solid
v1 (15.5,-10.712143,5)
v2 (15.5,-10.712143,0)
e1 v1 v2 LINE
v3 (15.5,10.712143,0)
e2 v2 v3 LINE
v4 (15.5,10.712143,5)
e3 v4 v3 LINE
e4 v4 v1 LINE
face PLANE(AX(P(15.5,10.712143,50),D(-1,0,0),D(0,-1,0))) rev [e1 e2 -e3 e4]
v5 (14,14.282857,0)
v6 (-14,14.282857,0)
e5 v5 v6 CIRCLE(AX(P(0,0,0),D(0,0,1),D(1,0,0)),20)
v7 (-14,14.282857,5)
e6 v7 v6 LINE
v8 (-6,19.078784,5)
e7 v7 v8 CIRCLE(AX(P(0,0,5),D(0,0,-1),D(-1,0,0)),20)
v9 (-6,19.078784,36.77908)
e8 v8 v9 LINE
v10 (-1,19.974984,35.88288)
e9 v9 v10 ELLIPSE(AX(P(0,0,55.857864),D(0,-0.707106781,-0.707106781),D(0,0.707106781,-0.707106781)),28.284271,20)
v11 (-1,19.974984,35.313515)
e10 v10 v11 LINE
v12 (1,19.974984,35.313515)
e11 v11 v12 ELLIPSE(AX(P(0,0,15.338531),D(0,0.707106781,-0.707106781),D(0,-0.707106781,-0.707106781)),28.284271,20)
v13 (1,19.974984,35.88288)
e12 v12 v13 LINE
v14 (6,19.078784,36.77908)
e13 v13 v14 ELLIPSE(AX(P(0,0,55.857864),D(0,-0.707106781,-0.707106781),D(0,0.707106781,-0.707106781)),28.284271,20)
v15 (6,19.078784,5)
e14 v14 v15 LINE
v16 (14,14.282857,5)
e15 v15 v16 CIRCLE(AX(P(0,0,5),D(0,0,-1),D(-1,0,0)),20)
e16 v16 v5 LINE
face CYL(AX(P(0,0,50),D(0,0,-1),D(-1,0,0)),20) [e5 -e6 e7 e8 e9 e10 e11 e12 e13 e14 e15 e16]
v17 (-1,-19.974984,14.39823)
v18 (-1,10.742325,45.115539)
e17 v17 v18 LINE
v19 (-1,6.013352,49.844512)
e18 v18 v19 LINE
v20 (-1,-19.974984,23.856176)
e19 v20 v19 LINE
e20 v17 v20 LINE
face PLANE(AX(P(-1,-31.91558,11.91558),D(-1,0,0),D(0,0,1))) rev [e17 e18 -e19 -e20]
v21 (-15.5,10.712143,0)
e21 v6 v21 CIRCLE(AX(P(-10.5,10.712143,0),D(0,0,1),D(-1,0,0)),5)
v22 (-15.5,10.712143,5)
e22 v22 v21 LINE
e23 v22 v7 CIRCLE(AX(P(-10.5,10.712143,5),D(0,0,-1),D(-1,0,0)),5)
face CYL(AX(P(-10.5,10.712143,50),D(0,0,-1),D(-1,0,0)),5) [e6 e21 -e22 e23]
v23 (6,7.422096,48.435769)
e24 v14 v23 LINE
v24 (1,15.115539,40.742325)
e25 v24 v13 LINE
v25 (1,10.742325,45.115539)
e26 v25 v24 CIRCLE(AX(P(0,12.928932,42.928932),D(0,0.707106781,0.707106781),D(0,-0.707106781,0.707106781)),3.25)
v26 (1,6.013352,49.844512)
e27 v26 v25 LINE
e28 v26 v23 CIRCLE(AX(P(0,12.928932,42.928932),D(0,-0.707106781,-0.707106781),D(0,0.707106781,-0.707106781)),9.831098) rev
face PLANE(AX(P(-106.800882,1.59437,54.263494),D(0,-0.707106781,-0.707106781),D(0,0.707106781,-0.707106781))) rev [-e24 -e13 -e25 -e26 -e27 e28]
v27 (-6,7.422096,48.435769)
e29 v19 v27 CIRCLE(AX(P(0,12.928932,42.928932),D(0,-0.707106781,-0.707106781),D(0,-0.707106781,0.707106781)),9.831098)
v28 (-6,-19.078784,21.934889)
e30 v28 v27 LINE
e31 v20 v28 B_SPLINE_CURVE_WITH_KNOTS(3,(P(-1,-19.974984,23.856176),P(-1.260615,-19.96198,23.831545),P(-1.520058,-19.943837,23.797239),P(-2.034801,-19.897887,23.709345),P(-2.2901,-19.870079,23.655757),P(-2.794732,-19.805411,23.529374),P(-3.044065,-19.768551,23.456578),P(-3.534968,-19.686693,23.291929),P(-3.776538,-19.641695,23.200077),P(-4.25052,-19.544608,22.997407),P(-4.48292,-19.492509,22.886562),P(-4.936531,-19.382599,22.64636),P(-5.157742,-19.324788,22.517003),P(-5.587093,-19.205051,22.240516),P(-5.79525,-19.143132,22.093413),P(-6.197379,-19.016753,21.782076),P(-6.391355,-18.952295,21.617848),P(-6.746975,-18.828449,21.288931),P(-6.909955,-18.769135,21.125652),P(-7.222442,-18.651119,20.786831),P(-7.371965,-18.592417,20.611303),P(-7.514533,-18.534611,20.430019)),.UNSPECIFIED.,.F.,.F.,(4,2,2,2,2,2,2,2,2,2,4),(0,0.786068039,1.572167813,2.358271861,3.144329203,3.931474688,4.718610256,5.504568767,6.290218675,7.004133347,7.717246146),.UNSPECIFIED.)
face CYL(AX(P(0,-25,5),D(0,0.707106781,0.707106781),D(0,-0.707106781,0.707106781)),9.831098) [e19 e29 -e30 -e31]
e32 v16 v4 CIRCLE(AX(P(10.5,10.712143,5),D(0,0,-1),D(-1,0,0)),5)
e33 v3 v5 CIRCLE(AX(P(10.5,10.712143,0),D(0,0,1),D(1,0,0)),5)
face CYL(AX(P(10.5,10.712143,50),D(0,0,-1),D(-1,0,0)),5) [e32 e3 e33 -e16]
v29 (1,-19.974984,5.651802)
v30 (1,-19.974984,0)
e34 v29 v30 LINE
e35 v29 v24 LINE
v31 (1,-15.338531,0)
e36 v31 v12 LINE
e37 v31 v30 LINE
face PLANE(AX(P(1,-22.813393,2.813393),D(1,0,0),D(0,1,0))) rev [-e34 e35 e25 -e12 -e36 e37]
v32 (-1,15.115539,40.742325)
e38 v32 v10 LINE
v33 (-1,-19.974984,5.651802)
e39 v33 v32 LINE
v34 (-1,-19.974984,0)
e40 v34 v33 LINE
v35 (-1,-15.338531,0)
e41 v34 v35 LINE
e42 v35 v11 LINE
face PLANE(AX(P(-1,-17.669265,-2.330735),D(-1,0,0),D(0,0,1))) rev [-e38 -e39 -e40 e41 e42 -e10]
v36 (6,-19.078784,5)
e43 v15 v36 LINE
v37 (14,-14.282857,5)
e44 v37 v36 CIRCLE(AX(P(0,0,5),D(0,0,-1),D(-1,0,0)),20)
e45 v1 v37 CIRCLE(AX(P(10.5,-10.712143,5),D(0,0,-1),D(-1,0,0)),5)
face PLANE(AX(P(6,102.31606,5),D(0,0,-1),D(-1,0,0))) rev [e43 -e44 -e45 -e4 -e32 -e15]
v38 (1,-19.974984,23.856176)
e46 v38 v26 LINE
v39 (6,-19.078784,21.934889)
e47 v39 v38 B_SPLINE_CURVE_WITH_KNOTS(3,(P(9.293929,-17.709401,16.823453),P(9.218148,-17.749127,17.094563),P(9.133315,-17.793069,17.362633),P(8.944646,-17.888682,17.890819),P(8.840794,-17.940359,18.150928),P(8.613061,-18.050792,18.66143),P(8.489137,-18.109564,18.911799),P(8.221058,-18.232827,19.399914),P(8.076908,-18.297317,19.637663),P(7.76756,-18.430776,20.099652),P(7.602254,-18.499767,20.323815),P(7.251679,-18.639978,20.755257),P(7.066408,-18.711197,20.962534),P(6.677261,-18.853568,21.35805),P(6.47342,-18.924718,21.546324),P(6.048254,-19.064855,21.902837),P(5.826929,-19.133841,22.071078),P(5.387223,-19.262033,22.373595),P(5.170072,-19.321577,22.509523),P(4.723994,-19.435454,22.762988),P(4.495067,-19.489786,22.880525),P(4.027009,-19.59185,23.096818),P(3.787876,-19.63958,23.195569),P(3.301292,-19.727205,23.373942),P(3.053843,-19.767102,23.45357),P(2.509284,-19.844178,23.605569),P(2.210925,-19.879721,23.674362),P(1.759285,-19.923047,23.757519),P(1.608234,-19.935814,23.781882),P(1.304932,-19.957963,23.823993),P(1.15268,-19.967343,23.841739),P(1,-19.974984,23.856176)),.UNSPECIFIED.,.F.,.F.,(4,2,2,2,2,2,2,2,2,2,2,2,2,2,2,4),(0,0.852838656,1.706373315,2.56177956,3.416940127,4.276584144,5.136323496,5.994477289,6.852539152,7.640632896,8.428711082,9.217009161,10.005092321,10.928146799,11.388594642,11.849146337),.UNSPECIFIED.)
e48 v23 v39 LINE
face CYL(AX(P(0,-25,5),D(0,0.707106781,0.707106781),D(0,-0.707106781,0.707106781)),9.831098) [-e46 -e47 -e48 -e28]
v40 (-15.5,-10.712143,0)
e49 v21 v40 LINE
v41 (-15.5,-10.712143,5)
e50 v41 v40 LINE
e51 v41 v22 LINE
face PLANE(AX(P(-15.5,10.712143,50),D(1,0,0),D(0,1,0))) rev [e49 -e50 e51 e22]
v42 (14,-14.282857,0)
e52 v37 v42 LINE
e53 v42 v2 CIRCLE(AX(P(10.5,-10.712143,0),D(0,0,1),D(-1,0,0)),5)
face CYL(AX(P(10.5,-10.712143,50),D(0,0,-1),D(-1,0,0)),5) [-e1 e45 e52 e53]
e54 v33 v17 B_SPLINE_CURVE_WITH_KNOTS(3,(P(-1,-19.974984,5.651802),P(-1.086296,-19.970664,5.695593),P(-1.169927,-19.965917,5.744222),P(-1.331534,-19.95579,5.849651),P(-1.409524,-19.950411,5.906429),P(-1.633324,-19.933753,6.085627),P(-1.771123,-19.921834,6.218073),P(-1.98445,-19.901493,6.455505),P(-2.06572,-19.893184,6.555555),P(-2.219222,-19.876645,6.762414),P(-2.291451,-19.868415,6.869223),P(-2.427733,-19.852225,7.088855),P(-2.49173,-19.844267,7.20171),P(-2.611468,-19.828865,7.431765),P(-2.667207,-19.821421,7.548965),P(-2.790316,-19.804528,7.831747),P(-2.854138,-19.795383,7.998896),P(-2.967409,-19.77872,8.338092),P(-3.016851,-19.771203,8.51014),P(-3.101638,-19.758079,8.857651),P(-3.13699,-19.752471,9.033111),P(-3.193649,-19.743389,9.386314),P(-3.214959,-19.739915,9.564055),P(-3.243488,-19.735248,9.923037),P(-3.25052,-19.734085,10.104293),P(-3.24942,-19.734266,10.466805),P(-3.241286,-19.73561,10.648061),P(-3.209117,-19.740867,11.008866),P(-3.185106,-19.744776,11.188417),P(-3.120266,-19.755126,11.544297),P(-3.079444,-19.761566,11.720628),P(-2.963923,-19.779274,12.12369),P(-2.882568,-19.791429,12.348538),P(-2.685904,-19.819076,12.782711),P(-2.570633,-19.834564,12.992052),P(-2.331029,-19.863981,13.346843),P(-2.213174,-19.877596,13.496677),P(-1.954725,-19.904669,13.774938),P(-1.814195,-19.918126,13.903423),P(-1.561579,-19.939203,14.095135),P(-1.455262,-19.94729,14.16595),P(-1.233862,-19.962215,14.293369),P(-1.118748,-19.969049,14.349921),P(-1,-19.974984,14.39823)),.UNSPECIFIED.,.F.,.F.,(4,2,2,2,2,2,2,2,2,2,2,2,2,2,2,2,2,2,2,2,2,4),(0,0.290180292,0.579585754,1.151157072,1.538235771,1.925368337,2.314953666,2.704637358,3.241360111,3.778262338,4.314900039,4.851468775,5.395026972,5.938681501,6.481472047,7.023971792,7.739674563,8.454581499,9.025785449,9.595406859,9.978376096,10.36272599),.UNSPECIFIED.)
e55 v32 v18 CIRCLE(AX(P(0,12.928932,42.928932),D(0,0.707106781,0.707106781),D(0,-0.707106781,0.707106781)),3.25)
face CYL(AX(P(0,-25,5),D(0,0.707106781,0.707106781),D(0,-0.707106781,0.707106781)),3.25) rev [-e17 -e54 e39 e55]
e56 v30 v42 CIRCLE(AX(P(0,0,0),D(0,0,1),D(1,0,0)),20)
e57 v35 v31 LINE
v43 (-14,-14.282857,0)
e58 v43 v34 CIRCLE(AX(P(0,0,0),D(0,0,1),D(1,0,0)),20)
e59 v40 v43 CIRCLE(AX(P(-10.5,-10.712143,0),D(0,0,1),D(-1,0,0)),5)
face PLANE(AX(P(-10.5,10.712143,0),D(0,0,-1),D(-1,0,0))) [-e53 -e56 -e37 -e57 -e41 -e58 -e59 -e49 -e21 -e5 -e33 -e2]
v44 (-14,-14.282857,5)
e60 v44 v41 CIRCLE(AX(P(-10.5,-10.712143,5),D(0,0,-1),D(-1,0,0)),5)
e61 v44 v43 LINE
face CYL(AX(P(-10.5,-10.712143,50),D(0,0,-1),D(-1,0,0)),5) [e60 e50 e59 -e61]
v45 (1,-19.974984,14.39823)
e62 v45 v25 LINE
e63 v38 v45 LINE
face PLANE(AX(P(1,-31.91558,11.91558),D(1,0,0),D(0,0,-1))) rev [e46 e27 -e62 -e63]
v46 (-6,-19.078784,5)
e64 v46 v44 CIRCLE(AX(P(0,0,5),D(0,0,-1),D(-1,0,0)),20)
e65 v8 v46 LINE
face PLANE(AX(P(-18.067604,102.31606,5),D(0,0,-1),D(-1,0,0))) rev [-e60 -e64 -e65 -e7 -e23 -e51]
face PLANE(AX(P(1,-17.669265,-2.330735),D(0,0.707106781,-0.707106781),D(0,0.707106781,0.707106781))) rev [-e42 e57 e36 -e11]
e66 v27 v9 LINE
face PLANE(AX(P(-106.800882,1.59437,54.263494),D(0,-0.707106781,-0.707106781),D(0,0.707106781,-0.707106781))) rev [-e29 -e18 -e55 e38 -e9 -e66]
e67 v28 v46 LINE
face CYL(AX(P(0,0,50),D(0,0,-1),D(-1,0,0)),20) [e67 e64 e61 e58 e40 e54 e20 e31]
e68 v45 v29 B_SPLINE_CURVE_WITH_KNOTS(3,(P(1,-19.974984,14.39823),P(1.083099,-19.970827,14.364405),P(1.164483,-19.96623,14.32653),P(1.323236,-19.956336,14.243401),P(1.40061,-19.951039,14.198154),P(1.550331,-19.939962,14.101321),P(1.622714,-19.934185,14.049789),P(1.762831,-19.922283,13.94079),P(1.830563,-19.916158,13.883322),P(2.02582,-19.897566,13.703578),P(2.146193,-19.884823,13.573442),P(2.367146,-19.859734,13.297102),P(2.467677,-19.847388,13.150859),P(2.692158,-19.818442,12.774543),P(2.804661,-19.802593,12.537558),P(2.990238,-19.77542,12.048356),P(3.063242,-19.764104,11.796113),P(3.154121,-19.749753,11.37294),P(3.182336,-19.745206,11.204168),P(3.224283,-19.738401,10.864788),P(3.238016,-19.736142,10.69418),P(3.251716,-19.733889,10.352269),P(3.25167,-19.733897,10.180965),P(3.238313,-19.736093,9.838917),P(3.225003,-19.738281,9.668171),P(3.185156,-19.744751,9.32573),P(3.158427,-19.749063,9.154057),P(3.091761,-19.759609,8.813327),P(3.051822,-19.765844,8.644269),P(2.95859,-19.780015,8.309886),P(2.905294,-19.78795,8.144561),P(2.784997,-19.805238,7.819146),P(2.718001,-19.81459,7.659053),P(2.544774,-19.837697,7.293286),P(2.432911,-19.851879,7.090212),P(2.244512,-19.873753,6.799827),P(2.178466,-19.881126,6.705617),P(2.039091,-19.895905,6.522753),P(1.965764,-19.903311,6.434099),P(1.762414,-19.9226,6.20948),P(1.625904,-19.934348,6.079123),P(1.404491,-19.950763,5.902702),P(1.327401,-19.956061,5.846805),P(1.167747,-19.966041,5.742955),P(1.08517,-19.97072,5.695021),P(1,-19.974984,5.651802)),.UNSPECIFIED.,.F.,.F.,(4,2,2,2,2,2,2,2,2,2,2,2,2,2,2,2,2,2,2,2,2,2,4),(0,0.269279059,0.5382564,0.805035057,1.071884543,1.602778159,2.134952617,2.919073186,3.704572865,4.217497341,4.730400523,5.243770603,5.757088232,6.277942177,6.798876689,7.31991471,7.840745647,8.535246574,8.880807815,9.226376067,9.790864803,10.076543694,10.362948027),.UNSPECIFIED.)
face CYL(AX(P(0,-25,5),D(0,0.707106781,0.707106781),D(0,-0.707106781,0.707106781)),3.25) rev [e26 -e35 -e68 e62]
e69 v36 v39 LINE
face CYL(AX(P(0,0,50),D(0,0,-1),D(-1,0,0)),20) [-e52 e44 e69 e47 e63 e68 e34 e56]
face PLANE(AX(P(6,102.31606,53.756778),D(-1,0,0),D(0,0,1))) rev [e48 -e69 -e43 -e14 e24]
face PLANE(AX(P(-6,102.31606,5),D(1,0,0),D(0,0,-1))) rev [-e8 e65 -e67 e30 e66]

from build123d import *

# Parameters (mm, degrees)
BOSS_EXTRUDE1_DEPTH     = 50
CUT_EXTRUDE2_DEPTH      = 21
CUT_EXTRUDE2_DEPTH_BACK = 21
CUT_EXTRUDE3_DEPTH      = 10.5
CUT_EXTRUDE3_DEPTH_BACK = 22.5
CUT_EXTRUDE4_DEPTH      = 54.639610307


with BuildPart() as part:
    # Sketch1 → Boss-Extrude1 (new body)
    with BuildSketch(Plane.XY):
        with BuildLine():
            Line((-15.5, 10.712142643), (-15.5, -10.712142643))
            ThreePointArc((-15.5, -10.712142643), (-15.109772229, -12.648634316), (-14, -14.282856857))
            ThreePointArc((-14, -14.282856857), (0, -20), (14, -14.282856857))
            ThreePointArc((14, -14.282856857), (15.109772229, -12.648634316), (15.5, -10.712142643))
            Line((15.5, -10.712142643), (15.5, 10.712142643))
            ThreePointArc((15.5, 10.712142643), (15.109772229, 12.648634316), (14, 14.282856857))
            ThreePointArc((14, 14.282856857), (0, 20), (-14, 14.282856857))
            ThreePointArc((-14, 14.282856857), (-15.109772229, 12.648634316), (-15.5, 10.712142643))
        make_face()
    extrude(amount=BOSS_EXTRUDE1_DEPTH)

    # Sketch3 → Cut-Extrude2 (cut, two sides)
    with BuildSketch(Plane(origin=(0, 0, 0), x_dir=(1, 0, 0), z_dir=(0, 1, 0))) as cut_extrude2_sk:
        Polygon((-142.514750581, -5), (-18.067603989, -5), (-6, -5), (-6, -53.756778028), (6, -53.756778028), (6, -5), (19.848795464, -5), (144.295942056, -5), (144.295942056, -253.894293184), (-142.514750581, -253.894293184), align=None)
    extrude(amount=CUT_EXTRUDE2_DEPTH, mode=Mode.SUBTRACT)
    extrude(cut_extrude2_sk.sketch, amount=-CUT_EXTRUDE2_DEPTH_BACK, mode=Mode.SUBTRACT)

    # Sketch4 → Cut-Extrude3 (cut, two sides)
    with BuildSketch(Plane.ZY.offset(6)) as cut_extrude3_sk:
        Polygon((143.928068638, -88.070204261), (54.263494486, 1.594369891), (31.585867619, 24.271996758), (-58.078706533, 113.93657091), (121.250441771, 293.265719213), (323.257216942, 91.258944042), align=None)
    extrude(amount=CUT_EXTRUDE3_DEPTH, mode=Mode.SUBTRACT)
    extrude(cut_extrude3_sk.sketch, amount=-CUT_EXTRUDE3_DEPTH_BACK, mode=Mode.SUBTRACT)

    # Sketch5 → Cut-Extrude4 (cut, through all)
    with BuildSketch(Plane(origin=(0, 27.928932188, 27.928932188), x_dir=(1, 0, 0), z_dir=(0, 0.707106781, 0.707106781))):
        with BuildLine():
            Line((-7.514532889, -27.552153908), (-7.514532889, -51.5106924))
            Line((-7.514532889, -51.5106924), (9.293928827, -51.5106924))
            Line((9.293928827, -51.5106924), (9.293928827, -24.418415532))
            ThreePointArc((9.293928827, -24.418415532), (6.107254228, -28.917224685), (1, -30.993310676))
            Line((1, -30.993310676), (1, -24.305532655))
            ThreePointArc((1, -24.305532655), (3.25, -21.213203436), (1, -18.120874216))
            Line((1, -18.120874216), (1, -10.845979058))
            Line((1, -10.845979058), (-1, -10.845979058))
            Line((-1, -10.845979058), (-1, -18.120874216))
            ThreePointArc((-1, -18.120874216), (-3.25, -21.213203436), (-1, -24.305532655))
            Line((-1, -24.305532655), (-1, -30.993310676))
            ThreePointArc((-1, -30.993310676), (-4.591808745, -29.906062003), (-7.514532889, -27.552153908))
        make_face()
    extrude(amount=-CUT_EXTRUDE4_DEPTH, mode=Mode.SUBTRACT)


solid = part.part
